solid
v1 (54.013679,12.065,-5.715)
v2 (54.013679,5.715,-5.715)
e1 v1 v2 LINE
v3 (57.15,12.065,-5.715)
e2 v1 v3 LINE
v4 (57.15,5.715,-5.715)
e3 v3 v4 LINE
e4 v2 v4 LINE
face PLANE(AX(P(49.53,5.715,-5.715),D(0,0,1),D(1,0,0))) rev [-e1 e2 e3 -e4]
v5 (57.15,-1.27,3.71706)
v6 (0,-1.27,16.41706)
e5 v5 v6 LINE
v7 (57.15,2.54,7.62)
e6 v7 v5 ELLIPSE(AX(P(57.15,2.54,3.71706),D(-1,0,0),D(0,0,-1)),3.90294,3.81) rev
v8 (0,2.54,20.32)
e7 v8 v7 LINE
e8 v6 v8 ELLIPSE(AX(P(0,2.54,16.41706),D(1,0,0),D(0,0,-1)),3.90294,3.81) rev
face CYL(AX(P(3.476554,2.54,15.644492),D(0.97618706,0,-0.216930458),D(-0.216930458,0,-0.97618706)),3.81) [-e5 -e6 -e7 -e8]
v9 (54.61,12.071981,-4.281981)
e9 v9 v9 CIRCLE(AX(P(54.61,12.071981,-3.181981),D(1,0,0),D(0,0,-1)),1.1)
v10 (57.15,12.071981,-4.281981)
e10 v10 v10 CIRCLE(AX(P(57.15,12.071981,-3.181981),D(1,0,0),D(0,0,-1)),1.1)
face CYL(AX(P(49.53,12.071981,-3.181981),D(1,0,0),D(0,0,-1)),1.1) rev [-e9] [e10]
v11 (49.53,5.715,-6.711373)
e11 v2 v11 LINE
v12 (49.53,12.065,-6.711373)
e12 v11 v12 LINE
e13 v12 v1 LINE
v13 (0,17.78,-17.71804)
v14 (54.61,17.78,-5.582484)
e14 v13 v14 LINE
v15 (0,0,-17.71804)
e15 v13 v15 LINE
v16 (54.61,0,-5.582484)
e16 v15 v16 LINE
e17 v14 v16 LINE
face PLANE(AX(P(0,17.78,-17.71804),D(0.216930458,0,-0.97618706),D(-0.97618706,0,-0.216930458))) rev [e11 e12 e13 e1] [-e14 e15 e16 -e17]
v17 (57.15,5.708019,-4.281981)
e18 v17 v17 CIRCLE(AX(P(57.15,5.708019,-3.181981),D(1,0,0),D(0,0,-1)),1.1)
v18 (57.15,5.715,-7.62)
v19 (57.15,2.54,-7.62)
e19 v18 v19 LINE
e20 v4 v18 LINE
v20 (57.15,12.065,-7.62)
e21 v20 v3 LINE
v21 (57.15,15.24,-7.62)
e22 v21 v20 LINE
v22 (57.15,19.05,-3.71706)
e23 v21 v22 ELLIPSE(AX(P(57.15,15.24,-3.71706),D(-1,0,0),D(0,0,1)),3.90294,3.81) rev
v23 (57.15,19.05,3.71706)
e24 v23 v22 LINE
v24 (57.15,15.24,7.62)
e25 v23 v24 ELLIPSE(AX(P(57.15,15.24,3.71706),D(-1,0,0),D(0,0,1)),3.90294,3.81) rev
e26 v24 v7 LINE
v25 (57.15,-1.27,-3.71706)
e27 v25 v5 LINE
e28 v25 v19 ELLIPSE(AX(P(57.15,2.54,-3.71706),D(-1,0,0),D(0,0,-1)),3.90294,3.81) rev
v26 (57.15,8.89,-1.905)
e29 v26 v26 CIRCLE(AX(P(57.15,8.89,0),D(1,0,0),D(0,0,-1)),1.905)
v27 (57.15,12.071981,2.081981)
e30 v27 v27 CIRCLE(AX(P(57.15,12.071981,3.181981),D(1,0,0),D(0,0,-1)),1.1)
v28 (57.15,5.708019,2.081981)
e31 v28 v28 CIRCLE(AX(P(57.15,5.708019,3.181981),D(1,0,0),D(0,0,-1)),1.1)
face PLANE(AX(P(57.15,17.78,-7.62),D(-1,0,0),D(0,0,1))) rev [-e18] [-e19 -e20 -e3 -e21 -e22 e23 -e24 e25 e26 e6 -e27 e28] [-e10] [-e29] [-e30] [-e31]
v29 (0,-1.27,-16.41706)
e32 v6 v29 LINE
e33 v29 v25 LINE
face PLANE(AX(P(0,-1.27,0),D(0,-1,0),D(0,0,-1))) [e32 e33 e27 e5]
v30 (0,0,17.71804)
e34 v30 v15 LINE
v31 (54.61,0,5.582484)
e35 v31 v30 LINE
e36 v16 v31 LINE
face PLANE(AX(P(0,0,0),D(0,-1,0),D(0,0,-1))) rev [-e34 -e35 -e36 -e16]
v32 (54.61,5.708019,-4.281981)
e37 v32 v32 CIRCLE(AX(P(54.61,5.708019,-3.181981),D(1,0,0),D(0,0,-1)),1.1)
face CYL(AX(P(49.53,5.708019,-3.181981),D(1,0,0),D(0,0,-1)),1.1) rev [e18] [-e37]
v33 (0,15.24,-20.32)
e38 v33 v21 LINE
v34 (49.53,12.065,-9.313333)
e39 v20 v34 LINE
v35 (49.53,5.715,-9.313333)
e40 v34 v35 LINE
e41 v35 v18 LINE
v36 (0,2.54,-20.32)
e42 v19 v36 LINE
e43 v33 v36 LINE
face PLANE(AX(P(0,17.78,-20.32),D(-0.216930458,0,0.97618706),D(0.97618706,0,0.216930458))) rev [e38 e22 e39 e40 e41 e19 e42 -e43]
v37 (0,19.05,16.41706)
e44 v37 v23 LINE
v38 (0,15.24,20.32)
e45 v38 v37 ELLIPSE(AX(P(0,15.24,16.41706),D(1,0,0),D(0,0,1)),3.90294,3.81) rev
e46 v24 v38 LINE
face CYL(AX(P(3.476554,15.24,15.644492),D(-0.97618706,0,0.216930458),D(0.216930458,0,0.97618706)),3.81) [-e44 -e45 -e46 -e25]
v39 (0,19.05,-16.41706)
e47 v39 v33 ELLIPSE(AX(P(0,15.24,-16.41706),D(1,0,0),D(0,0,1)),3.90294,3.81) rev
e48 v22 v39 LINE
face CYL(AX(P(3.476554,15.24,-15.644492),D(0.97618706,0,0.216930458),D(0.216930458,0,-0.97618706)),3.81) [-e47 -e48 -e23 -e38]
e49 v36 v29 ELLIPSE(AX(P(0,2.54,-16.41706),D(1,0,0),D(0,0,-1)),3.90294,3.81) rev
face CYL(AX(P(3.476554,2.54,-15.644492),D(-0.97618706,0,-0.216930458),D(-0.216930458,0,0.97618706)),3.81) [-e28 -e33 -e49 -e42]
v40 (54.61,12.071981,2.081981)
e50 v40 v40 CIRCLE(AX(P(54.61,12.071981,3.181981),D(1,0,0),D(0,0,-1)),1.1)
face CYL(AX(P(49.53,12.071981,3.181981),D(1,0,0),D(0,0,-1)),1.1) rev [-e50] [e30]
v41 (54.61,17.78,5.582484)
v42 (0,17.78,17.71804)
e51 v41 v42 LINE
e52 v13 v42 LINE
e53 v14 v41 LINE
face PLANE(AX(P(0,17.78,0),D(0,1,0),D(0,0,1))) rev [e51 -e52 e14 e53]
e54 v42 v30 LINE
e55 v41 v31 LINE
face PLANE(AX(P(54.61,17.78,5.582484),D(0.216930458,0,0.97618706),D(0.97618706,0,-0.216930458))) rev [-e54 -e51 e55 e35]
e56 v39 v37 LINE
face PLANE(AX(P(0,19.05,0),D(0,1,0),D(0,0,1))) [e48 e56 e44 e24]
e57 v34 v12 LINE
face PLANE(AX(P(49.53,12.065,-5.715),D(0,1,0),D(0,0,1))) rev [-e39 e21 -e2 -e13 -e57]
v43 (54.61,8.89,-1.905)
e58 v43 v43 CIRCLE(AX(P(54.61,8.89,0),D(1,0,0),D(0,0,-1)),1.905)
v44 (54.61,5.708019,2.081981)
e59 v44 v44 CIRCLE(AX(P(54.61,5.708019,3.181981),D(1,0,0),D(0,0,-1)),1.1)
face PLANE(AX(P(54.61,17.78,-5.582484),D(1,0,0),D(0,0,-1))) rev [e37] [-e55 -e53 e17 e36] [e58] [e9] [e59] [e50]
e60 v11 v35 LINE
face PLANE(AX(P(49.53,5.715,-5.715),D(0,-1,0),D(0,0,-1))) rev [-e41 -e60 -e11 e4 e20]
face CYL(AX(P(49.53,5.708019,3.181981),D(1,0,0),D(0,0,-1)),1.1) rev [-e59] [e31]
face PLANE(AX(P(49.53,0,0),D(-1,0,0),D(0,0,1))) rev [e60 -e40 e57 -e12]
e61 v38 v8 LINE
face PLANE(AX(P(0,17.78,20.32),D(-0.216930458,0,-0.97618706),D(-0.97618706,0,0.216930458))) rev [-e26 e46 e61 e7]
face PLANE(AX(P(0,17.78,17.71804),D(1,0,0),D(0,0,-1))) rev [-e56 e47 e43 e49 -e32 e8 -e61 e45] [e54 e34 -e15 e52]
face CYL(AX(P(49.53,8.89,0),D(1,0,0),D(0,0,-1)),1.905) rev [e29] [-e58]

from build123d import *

# Parameters (mm, degrees)
BOSS_EXTRUDE1_DEPTH = 17.78
SKETCH4_R           = 1.905
SKETCH4_R_2         = 1.1
SKETCH4_W           = 3.81
SKETCH4_H           = 6.35
CUT_EXTRUDE1_DEPTH  = 7.62
BOSS_EXTRUDE2_DEPTH = 1.27
BOSS_EXTRUDE3_DEPTH = 1.27
FILLET1_R           = 3.81


with BuildPart() as part:
    # Sketch3 → Boss-Extrude1 (new body)
    with BuildSketch(Plane(origin=(0, 0, 0), x_dir=(1, 0, 0), z_dir=(0, 1, 0))):
        Polygon((0, 20.32), (57.15, 7.62), (57.15, -7.62), (0, -20.32), (0, -17.718039675), (54.61, -5.58248412), (54.61, 5.58248412), (0, 17.718039675), align=None)
    extrude(amount=BOSS_EXTRUDE1_DEPTH)

    # Sketch4 → Cut-Extrude1 (cut)
    with BuildSketch(Plane(origin=(57.15, 0, 0), x_dir=(0, 0, -1), z_dir=(1, 0, 0))):
        with Locations((0, 8.89)):
            Circle(SKETCH4_R)
        with Locations((-3.181980515, 12.071980515)):
            Circle(SKETCH4_R_2)
        with Locations((3.181980515, 12.071980515)):
            Circle(SKETCH4_R_2)
        with Locations((3.181980515, 5.708019485)):
            Circle(SKETCH4_R_2)
        with Locations((-3.181980515, 5.708019485)):
            Circle(SKETCH4_R_2)
        with Locations((7.62, 8.89)):
            Rectangle(SKETCH4_W, SKETCH4_H)
    extrude(amount=-CUT_EXTRUDE1_DEPTH, mode=Mode.SUBTRACT)

    # Sketch5 → Boss-Extrude2 (add)
    with BuildSketch(Plane(origin=(0, 17.78, 0), x_dir=(1, 0, 0), z_dir=(0, 1, 0))):
        Polygon((0, 20.32), (0, -20.32), (57.15, -7.62), (57.15, 7.62), align=None)
    extrude(amount=BOSS_EXTRUDE2_DEPTH)

    # Sketch6 → Boss-Extrude3 (add)
    with BuildSketch(Plane.XZ):
        Polygon((0, 20.32), (0, -20.32), (57.15, -7.62), (57.15, 7.62), align=None)
    extrude(amount=BOSS_EXTRUDE3_DEPTH)

    # Fillet1
    fillet1_edges = [part.edges().sort_by_distance(p)[0] for p in [
        (28.575, 19.05, -13.97),
        (28.575, 19.05, 13.97),
        (28.575, -1.27, 13.97),
        (28.575, -1.27, -13.97),
    ]]
    fillet(fillet1_edges, radius=FILLET1_R)


solid = part.part
